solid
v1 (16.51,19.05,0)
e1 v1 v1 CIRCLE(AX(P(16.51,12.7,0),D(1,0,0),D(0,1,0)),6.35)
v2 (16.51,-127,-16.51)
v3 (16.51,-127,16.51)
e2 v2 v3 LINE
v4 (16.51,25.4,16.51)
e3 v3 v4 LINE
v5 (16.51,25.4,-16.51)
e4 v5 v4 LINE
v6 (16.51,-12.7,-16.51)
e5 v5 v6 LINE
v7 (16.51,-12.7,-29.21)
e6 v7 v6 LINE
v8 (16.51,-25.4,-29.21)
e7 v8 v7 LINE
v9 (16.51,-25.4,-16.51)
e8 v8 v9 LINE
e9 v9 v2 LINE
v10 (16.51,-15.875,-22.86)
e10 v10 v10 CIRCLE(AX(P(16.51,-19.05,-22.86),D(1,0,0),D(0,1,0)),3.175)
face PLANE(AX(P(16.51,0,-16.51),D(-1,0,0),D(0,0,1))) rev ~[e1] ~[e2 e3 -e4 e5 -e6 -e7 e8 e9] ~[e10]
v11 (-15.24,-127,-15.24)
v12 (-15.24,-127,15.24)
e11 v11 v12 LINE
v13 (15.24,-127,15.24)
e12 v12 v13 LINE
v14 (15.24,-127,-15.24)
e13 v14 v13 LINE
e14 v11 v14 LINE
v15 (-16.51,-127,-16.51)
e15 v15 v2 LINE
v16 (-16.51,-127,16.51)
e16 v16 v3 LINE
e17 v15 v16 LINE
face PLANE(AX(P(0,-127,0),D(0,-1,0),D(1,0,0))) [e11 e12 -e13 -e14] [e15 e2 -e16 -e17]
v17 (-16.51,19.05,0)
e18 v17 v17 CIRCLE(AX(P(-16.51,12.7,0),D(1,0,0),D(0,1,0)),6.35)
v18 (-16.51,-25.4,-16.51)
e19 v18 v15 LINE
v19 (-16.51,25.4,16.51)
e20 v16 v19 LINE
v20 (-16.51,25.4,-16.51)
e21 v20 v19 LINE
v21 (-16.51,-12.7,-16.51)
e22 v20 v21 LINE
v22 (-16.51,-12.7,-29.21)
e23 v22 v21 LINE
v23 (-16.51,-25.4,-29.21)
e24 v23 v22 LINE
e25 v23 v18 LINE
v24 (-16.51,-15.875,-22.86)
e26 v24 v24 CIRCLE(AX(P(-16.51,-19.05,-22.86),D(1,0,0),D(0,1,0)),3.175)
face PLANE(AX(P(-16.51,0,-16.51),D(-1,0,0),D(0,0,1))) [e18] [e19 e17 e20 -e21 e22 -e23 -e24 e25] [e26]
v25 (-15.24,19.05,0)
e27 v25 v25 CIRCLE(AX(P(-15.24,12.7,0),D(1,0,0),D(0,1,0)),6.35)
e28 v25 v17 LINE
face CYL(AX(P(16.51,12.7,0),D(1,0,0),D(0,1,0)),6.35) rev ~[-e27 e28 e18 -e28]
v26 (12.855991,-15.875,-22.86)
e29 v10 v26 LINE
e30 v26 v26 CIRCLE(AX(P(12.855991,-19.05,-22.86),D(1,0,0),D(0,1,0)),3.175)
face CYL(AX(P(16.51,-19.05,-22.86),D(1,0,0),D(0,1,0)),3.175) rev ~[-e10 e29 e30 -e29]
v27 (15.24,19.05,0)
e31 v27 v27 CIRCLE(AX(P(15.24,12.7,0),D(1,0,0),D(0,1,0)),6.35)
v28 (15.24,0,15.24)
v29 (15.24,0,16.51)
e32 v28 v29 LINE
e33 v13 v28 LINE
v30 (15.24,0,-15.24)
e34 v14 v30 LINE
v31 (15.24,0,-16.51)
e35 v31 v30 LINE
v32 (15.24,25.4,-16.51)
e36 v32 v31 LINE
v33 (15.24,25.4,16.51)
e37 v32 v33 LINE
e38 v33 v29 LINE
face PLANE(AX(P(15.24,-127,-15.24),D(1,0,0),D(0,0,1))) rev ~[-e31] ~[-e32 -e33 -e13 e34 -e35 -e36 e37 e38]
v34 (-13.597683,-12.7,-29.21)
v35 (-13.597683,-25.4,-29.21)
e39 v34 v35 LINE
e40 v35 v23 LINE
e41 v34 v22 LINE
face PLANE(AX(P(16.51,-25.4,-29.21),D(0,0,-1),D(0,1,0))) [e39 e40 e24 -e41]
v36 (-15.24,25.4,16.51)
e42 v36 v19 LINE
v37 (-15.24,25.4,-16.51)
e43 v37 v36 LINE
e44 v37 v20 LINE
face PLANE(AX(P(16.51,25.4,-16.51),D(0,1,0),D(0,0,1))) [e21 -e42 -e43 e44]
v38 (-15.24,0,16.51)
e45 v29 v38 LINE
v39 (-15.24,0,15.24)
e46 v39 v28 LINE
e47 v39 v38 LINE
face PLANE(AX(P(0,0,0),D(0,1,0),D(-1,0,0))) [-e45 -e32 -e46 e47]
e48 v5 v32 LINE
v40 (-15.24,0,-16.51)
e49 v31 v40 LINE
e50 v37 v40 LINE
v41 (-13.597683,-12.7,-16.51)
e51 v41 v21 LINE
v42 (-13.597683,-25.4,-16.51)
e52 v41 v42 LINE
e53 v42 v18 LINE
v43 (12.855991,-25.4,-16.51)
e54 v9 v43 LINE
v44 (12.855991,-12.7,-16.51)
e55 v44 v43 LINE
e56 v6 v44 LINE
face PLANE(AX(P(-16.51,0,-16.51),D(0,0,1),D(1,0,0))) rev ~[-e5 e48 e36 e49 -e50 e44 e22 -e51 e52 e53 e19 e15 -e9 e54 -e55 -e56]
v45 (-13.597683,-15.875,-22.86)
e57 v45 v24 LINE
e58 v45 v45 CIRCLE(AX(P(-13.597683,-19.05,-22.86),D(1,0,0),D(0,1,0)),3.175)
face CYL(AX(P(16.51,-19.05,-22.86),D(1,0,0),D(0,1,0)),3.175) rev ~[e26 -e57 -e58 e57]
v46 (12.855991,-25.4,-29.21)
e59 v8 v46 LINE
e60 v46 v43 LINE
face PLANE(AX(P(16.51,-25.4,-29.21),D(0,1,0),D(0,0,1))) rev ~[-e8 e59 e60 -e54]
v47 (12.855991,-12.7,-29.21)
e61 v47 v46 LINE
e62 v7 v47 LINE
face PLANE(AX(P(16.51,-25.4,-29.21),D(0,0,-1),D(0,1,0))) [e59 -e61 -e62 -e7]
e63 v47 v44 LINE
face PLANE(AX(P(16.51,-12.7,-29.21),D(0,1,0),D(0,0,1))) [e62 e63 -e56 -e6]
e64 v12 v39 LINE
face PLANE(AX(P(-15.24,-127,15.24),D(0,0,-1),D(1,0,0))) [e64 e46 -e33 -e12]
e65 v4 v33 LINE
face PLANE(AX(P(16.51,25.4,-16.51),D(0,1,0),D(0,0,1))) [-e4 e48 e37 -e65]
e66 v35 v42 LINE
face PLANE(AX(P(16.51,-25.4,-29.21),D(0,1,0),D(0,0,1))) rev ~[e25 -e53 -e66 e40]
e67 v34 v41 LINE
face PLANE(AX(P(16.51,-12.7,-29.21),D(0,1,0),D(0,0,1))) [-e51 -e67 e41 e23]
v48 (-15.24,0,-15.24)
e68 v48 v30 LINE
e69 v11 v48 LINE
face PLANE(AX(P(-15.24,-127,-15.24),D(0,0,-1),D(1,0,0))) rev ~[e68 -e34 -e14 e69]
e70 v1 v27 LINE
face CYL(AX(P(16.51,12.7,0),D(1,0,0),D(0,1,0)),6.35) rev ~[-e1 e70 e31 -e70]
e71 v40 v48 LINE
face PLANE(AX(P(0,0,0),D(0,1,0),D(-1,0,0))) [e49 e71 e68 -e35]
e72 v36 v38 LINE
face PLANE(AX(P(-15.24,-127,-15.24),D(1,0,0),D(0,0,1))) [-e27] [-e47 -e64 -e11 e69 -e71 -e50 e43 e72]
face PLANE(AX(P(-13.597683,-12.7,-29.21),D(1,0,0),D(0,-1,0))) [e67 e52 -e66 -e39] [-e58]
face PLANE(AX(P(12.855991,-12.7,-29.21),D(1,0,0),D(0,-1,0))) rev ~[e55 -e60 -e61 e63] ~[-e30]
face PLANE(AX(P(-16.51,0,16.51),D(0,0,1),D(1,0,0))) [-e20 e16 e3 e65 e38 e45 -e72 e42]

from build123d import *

# Parameters (mm, degrees)
F0_W      = 33.02
F0_H      = 33.02
F1_DEPTH  = 127
F2_W      = 30.48
F2_H      = 30.48
F3_DEPTH  = 127
F4_W      = 25.4
F4_H      = 33.02
F4_R      = 6.35
F5_DEPTH  = 33.02
F6_W      = 30.48
F6_H      = 33.02
F7_DEPTH  = 25.4
F8_W      = 12.7
F8_H      = 12.7
F8_R      = 3.175
F9_DEPTH  = 33.02
F10_W     = 26.4536738396
F10_H     = 12.7
F11_DEPTH = 12.7


with BuildPart() as f1:
    # F0 (on Front) → F1 (new body)
    with BuildSketch(Plane.XZ):
        Rectangle(F0_W, F0_H)
    extrude(amount=F1_DEPTH)

    # F2 (on face) → F3 (cut)
    with BuildSketch(Plane.XZ.offset(127)):
        Rectangle(F2_W, F2_H)
    extrude(amount=-F3_DEPTH, mode=Mode.SUBTRACT)

    # F4 (on face) → F5 (join)
    with BuildSketch(Plane.YZ.offset(16.51)):
        with Locations((12.7, 0)):
            Rectangle(F4_W, F4_H)
        with Locations((12.7, 0)):
            Circle(F4_R, mode=Mode.SUBTRACT)
    extrude(amount=-F5_DEPTH)

    # F6 (on face) → F7 (cut)
    with BuildSketch(Plane(origin=(0, 25.4, 0), x_dir=(-1, 0, 0), z_dir=(0, 1, 0))):
        Rectangle(F6_W, F6_H)
    extrude(amount=-F7_DEPTH, mode=Mode.SUBTRACT)

    # F8 (on face) → F9 (join)
    with BuildSketch(Plane.YZ.offset(16.51)):
        with Locations((-19.05, -22.86)):
            Rectangle(F8_W, F8_H)
        with Locations((-19.05, -22.86)):
            Circle(F8_R, mode=Mode.SUBTRACT)
    extrude(amount=-F9_DEPTH)

    # F10 (on face) → F11 (cut)
    with BuildSketch(Plane(origin=(0, 0, -29.21), x_dir=(1, 0, 0), z_dir=(0, 0, -1))):
        with Locations((-0.37084613, 19.05)):
            Rectangle(F10_W, F10_H)
    extrude(amount=-F11_DEPTH, mode=Mode.SUBTRACT)


solid = f1.part
